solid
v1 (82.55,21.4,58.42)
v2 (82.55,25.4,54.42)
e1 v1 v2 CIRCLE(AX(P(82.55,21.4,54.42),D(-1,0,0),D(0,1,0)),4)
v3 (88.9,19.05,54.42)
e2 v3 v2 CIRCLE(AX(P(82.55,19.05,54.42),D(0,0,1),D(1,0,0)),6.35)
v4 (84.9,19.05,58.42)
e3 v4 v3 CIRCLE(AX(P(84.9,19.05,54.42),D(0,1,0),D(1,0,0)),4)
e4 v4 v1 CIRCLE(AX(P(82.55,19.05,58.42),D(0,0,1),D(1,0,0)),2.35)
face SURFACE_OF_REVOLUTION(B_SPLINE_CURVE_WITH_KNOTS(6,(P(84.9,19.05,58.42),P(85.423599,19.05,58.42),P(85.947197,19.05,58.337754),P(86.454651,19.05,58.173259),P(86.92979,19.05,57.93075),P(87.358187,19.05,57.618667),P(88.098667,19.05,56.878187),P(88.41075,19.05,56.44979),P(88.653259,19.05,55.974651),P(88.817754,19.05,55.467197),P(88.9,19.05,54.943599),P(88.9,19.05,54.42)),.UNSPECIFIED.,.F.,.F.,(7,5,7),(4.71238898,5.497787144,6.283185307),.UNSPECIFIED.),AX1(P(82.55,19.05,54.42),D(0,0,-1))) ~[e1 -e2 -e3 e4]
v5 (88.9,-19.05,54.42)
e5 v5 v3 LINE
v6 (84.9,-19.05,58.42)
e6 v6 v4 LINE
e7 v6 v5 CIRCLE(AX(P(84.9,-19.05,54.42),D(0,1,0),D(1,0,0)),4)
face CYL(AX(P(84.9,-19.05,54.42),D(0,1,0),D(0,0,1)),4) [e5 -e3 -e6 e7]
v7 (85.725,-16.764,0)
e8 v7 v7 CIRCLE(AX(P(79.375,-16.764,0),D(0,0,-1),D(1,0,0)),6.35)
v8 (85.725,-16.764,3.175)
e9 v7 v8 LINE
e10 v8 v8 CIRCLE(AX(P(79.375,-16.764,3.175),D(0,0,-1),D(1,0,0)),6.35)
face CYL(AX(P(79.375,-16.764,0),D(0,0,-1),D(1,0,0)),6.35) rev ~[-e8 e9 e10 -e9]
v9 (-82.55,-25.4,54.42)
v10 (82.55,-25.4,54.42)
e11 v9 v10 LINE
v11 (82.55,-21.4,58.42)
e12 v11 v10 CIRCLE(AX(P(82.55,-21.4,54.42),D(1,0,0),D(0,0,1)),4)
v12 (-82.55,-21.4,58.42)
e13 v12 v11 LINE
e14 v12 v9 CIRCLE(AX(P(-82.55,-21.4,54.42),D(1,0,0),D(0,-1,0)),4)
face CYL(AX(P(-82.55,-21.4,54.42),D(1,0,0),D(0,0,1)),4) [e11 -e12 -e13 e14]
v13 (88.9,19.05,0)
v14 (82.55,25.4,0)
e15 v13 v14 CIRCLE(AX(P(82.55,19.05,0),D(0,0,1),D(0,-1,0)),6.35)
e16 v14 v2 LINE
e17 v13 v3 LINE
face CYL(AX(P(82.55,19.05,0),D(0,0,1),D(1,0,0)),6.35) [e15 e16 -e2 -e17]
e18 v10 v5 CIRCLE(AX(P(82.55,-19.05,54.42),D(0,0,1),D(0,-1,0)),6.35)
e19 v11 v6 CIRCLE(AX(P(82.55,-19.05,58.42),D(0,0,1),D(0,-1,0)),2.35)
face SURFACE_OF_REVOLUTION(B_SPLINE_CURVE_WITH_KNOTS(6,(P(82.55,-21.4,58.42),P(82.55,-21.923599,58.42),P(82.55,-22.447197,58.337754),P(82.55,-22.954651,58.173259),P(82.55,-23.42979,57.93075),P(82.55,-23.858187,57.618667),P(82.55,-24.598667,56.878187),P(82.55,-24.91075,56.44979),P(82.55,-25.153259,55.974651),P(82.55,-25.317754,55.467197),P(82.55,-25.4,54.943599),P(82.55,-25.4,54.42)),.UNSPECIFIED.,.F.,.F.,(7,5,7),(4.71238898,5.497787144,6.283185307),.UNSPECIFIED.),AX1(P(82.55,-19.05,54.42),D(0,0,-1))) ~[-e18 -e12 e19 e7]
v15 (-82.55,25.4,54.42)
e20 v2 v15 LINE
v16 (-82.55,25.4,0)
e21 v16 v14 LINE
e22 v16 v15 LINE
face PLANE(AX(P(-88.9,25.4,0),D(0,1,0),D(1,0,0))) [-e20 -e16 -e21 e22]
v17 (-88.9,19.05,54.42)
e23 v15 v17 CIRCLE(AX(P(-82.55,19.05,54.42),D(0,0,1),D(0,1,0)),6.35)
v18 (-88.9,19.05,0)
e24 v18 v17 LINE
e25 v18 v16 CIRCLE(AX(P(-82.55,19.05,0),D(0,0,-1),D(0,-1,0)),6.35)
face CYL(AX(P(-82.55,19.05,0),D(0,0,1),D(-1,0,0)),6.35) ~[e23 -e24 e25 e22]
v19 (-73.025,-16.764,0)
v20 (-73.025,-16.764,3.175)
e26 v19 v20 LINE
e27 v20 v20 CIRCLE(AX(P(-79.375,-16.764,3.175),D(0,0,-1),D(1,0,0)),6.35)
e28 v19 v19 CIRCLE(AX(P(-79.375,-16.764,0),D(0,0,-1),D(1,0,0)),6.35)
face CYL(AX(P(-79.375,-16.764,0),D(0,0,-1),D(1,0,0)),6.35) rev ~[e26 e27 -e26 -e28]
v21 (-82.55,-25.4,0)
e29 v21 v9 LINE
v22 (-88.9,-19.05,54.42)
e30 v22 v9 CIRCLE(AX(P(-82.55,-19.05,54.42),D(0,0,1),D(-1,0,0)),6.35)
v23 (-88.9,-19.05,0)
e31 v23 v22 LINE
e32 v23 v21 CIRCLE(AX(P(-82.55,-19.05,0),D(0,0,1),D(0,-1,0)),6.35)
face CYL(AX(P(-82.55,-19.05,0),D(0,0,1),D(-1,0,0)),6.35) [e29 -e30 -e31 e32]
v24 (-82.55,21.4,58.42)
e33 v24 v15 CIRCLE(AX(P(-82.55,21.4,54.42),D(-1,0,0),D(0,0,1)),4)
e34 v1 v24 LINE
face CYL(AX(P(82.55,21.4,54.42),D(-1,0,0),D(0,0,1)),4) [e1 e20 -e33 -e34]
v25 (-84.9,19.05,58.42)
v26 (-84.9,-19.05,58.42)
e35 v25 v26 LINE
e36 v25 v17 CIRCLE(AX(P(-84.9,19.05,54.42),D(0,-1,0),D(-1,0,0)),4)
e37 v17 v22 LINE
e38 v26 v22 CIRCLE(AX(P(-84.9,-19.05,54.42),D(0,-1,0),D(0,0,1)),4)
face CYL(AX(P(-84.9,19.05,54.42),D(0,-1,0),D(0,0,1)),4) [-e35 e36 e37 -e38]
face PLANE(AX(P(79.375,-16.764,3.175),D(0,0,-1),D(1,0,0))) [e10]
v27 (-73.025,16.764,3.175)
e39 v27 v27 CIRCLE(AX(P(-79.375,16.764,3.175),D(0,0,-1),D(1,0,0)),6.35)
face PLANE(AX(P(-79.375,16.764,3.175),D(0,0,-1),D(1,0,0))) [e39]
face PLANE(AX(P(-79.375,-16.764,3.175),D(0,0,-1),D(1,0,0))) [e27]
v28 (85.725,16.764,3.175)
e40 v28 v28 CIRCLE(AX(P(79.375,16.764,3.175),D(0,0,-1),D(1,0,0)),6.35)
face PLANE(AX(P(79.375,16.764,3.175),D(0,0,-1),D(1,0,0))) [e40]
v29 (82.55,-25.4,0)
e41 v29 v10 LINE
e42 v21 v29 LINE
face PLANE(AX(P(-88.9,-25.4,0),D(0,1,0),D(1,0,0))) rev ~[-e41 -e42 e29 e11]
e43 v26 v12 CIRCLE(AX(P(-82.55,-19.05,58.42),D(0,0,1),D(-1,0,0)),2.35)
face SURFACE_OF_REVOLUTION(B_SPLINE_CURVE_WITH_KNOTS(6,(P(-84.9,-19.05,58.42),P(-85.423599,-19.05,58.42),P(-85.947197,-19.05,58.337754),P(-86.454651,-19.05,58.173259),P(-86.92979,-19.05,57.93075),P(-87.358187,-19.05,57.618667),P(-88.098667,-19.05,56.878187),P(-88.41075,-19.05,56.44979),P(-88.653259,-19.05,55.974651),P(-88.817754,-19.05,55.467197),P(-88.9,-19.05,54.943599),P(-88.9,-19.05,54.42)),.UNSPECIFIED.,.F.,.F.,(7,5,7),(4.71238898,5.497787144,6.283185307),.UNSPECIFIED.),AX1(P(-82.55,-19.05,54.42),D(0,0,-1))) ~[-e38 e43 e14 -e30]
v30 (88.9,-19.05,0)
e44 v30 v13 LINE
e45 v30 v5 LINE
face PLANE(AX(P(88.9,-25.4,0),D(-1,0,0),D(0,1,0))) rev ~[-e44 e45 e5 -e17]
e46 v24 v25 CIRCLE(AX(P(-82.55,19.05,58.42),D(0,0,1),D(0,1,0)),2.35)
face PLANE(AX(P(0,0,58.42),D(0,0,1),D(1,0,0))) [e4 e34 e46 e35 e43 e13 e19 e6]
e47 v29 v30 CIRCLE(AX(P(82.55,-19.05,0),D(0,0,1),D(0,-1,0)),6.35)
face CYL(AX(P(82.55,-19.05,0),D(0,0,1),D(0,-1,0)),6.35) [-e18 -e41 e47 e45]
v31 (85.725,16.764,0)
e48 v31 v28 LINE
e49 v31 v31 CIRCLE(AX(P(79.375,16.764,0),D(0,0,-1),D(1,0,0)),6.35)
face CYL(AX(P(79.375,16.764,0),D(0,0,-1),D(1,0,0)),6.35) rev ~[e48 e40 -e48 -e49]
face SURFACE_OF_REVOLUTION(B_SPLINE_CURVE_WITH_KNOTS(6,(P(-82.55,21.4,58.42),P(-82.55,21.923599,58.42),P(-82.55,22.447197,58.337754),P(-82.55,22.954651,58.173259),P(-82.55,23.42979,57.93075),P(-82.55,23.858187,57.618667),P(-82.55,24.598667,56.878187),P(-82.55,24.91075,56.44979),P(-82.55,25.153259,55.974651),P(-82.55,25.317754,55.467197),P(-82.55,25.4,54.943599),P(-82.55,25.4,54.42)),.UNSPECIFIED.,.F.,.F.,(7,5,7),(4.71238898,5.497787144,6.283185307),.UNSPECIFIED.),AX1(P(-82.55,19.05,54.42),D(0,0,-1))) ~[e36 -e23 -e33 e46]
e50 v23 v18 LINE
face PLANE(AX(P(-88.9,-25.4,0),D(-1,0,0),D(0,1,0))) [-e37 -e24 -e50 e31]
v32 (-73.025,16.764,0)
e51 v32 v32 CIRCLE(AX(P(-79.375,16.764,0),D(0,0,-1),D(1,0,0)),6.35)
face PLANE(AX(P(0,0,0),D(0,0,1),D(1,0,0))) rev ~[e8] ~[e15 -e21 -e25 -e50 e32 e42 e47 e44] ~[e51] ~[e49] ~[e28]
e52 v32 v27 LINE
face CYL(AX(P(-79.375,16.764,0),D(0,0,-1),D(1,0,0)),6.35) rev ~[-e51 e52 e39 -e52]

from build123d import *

# Parameters (mm, degrees)
F0_W     = 177.8
F0_H     = 50.8
F1_DEPTH = 58.42
F2_R     = 6.35
F3_R     = 6.35
F4_DEPTH = 3.175
F6_R     = 4


with BuildPart() as f1:
    # F0 (on Top) → F1 (new body)
    with BuildSketch(Plane.XY):
        Rectangle(F0_W, F0_H)
    extrude(amount=F1_DEPTH)

    # F2
    f2_edges = [f1.edges().sort_by_distance(p)[0] for p in [
        (-88.9, 25.4, 29.21),
        (88.9, 25.4, 29.21),
        (88.9, -25.4, 29.21),
        (-88.9, -25.4, 29.21),
    ]]
    fillet(f2_edges, radius=F2_R)

    # F3 (on face) → F4 (cut)
    with BuildSketch(Plane(origin=(0, 0, 0), x_dir=(1, 0, 0), z_dir=(0, 0, -1))):
        with Locations((79.375, 16.764)):
            Circle(F3_R)
        with Locations((79.375, -16.764)):
            Circle(F3_R)
        with Locations((-79.375, 16.764)):
            Circle(F3_R)
        with Locations((-79.375, -16.764)):
            Circle(F3_R)
    extrude(amount=-F4_DEPTH, mode=Mode.SUBTRACT)

    # F6
    f6_edges = [f1.edges().sort_by_distance(p)[0] for p in [
        (87.040128, 23.540128, 58.42),
        (88.9, 0, 58.42),
        (87.040128, -23.540128, 58.42),
        (0, -25.4, 58.42),
        (0, 25.4, 58.42),
        (-88.9, 0, 58.42),
        (-87.040128, 23.540128, 58.42),
        (-87.040128, -23.540128, 58.42),
    ]]
    fillet(f6_edges, radius=F6_R)


solid = f1.part
